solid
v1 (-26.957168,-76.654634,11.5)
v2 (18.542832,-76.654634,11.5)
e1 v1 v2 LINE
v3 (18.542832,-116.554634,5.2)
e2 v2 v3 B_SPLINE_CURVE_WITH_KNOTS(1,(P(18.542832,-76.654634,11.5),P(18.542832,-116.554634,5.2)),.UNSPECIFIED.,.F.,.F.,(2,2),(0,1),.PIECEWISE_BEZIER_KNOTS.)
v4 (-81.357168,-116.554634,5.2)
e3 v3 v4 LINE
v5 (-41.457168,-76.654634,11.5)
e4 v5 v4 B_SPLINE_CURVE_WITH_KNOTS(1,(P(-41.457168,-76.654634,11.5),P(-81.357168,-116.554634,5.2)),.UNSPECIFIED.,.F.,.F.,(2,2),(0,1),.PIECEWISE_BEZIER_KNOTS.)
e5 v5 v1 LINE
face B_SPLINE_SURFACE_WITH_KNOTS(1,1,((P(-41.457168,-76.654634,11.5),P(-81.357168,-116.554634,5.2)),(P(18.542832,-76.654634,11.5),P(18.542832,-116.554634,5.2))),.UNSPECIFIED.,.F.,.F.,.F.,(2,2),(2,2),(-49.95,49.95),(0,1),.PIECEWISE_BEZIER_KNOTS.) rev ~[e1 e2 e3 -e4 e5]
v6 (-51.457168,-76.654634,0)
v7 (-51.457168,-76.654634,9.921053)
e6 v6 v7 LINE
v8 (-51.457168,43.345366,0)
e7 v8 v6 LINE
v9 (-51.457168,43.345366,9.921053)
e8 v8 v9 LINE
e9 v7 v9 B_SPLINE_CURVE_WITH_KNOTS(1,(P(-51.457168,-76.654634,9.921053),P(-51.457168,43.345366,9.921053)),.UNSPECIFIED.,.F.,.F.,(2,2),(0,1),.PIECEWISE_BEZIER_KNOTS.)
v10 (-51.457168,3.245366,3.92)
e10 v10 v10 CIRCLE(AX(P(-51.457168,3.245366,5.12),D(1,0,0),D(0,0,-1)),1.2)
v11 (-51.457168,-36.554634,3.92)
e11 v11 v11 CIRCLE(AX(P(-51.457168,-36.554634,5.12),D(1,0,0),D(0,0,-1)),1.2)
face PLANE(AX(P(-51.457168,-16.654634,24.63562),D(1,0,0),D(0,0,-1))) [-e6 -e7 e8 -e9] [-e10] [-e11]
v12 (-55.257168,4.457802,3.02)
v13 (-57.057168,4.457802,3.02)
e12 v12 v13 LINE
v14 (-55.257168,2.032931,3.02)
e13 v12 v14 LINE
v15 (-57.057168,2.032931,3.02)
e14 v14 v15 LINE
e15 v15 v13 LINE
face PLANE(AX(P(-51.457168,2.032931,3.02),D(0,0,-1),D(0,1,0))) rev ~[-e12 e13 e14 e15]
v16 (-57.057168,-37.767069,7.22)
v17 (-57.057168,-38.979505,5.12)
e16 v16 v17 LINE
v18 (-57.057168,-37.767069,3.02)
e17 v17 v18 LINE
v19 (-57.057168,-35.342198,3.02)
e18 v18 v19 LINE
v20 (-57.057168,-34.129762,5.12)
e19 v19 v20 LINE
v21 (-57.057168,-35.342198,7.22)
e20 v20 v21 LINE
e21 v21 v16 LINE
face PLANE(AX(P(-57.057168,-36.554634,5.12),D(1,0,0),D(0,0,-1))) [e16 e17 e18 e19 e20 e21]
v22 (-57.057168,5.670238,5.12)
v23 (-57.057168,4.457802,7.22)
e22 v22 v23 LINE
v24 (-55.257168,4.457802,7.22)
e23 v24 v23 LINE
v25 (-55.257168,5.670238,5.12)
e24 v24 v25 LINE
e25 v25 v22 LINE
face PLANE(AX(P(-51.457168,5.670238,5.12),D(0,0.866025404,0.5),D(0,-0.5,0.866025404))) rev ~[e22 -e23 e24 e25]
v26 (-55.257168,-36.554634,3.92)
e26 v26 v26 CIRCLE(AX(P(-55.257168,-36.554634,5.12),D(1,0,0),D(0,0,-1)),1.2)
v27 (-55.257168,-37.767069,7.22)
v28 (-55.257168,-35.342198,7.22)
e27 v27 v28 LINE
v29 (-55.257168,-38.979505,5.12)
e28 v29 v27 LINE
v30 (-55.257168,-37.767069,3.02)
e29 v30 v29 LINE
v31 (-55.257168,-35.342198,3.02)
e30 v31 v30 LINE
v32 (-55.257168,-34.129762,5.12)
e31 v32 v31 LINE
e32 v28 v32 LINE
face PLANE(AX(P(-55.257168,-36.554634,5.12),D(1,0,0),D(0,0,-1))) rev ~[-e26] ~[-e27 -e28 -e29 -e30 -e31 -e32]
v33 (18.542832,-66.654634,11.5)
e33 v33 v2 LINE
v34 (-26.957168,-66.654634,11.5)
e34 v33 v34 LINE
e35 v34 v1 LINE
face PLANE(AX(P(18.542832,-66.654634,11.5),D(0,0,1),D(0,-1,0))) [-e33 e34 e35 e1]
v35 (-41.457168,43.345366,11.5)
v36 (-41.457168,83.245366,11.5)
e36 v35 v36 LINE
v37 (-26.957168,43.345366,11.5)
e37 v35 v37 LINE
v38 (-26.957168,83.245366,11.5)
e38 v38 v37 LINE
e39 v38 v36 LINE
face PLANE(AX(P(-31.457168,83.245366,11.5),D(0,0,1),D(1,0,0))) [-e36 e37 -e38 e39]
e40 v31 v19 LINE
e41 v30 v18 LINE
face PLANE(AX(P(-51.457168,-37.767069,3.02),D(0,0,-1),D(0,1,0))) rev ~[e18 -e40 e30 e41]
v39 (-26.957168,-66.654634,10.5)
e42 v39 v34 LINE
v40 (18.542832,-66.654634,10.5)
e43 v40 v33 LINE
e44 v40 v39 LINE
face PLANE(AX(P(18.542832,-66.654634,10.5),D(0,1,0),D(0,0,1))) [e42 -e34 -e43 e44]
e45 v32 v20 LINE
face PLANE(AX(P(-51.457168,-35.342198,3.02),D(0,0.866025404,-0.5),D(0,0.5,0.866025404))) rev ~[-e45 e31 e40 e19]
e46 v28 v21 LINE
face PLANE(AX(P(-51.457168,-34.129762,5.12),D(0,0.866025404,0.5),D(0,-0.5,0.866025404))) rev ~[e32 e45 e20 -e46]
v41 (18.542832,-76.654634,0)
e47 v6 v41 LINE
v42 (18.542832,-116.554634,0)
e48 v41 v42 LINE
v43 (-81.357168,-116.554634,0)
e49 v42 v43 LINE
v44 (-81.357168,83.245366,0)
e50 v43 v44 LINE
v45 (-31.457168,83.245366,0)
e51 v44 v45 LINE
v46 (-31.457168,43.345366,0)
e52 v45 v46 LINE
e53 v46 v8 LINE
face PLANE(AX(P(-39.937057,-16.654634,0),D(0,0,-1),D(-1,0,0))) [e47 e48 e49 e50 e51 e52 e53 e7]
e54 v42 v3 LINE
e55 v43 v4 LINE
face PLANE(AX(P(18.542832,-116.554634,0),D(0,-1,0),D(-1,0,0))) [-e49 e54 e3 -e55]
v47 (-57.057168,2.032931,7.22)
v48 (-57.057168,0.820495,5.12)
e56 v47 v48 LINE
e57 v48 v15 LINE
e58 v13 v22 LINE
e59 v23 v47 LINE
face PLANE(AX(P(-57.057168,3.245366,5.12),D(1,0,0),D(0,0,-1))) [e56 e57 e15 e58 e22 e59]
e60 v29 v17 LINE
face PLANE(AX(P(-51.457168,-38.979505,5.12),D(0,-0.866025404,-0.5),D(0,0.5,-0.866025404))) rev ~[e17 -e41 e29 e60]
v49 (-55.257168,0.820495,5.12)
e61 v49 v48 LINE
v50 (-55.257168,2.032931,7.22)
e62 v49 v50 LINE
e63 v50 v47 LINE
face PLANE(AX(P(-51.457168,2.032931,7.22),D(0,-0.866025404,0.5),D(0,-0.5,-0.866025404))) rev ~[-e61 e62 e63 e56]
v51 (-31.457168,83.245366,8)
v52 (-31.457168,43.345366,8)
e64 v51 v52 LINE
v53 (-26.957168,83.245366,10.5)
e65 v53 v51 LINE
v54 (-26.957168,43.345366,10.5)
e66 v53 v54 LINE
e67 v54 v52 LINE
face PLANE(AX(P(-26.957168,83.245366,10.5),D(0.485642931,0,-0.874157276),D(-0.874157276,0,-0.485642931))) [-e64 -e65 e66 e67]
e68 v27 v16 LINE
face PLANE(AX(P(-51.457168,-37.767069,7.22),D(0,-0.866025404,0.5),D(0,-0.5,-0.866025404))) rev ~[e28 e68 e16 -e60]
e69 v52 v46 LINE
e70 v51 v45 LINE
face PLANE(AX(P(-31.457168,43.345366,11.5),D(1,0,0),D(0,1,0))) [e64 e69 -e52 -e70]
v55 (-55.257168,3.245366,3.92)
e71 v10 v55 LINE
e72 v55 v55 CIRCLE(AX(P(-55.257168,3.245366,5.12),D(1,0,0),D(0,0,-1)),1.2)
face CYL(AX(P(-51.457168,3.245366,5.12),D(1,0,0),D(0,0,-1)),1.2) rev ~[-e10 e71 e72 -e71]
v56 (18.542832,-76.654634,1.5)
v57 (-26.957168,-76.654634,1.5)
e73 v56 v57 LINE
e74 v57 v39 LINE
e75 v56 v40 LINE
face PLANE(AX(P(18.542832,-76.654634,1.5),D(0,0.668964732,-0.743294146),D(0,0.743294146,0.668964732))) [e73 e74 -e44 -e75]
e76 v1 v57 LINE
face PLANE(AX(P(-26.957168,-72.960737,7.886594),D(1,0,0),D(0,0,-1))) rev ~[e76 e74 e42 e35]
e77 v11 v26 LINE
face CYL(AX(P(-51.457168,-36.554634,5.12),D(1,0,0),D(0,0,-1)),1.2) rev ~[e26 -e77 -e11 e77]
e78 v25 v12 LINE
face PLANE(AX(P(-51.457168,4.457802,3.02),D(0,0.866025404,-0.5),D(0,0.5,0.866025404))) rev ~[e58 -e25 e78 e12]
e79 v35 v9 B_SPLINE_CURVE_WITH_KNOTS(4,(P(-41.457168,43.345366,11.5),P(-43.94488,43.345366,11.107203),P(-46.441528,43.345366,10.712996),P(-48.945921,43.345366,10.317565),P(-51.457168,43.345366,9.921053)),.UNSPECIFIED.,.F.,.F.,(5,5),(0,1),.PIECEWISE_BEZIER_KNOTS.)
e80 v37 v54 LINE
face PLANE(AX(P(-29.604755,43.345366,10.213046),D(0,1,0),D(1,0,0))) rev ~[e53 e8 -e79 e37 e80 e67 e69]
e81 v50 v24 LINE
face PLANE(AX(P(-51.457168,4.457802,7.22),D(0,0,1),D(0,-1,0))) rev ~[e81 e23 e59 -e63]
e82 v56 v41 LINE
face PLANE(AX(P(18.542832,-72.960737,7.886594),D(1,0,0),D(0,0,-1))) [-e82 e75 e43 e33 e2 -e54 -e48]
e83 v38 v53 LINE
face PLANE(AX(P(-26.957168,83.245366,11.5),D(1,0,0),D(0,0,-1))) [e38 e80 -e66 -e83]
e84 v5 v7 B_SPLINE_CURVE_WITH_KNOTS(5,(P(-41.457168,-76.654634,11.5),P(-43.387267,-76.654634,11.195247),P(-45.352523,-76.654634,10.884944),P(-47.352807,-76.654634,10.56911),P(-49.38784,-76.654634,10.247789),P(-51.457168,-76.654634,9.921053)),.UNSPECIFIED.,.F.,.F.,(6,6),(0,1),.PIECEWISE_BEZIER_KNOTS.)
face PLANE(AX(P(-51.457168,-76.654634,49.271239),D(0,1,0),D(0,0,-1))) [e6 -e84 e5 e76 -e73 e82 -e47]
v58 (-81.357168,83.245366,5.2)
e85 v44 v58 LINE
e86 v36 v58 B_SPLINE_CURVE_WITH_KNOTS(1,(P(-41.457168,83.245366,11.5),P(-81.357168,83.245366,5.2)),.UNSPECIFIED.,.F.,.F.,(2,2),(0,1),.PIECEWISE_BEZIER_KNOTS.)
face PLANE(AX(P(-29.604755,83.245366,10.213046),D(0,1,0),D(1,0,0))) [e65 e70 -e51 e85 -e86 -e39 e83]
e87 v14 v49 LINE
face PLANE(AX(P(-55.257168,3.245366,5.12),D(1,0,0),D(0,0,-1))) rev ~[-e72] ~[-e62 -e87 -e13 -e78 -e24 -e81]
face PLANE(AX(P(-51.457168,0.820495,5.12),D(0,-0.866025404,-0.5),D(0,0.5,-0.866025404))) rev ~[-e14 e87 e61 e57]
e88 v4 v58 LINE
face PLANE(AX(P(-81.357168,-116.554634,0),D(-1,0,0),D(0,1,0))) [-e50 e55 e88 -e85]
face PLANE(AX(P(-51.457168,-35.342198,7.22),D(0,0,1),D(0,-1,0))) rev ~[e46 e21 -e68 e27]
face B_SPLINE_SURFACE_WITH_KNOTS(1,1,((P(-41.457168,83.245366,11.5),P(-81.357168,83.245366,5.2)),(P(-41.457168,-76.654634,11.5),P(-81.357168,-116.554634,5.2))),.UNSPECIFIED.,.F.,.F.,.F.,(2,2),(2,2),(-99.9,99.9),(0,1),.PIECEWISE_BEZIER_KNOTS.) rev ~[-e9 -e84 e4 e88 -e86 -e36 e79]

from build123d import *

# Parameters (mm, degrees)
DODANIE_WYCI_GNI_CIE1_DEPTH = 5.2
SZKIC3_W                    = 60
SZKIC3_H                    = 159.9
SZKIC5_W                    = 99.9
SZKIC5_H                    = 199.8
SZKIC6_W                    = 49.271239353
SZKIC6_H                    = 120
WYTNIJ_WYCI_GNI_CIE1_DEPTH  = 78
WYTNIJ_WYCI_GNI_CIE2_DEPTH  = 5.6
SZKIC9_R                    = 2.424871131
SZKIC9_R_2                  = 1.2
DODANIE_WYCI_GNI_CIE3_DEPTH = 3.8
SZKIC10_W                   = 50
SZKIC10_H                   = 39.9
WYTNIJ_WYCI_GNI_CIE4_DEPTH  = 24
DODANIE_WYCI_GNI_CIE4_DEPTH = 39.9
DODANIE_WYCI_GNI_CIE5_DEPTH = 45.5


with BuildPart() as part:
    # Szkic2 → Dodanie-wyciągnięcie1 (new body)
    with BuildSketch(Plane.XY):
        Polygon((18.542832418, 83.245366469), (18.542832418, 43.345366469), (-51.457167582, 43.345366469), (-51.457167582, -76.654633531), (18.542832418, -76.654633531), (18.542832418, -116.554633531), (-81.357167582, -116.554633531), (-81.357167582, 83.245366469), align=None)
    extrude(amount=DODANIE_WYCI_GNI_CIE1_DEPTH)

    # Szkic3 → Wyciągnięcie po profilach3 section 0
    with BuildSketch(Plane.XY.offset(11.5)):
        with Locations((-11.457167582, 3.295366469)):
            Rectangle(SZKIC3_W, SZKIC3_H)
    # Szkic5 → Wyciągnięcie po profilach3 section 1
    with BuildSketch(Plane.XY.offset(5.2)):
        with Locations((-31.407167582, -16.654633531)):
            Rectangle(SZKIC5_W, SZKIC5_H)
    loft()

    # Szkic6 → Wytnij-wyciągnięcie1 (cut)
    with BuildSketch(Plane(origin=(-51.457167582, 0, 0), x_dir=(0, 0, -1), z_dir=(1, 0, 0))):
        with Locations((-24.635619677, -16.654633531)):
            Rectangle(SZKIC6_W, SZKIC6_H)
    extrude(amount=WYTNIJ_WYCI_GNI_CIE1_DEPTH, mode=Mode.SUBTRACT)

    # Szkic7 → Wytnij-wyciągnięcie2 (cut)
    with BuildSketch(Plane(origin=(-51.457167582, 0, 0), x_dir=(0, 0, -1), z_dir=(1, 0, 0))):
        Polygon((-5.12, -34.1297624), (-7.22, -35.342197966), (-7.22, -37.767069096), (-5.12, -38.979504662), (-3.02, -37.767069096), (-3.02, -35.342197966), align=None)
        Polygon((-5.12, 5.6702376), (-7.22, 4.457802034), (-7.22, 2.032930904), (-5.12, 0.820495338), (-3.02, 2.032930904), (-3.02, 4.457802034), align=None)
    extrude(amount=-WYTNIJ_WYCI_GNI_CIE2_DEPTH, mode=Mode.SUBTRACT)

    # Szkic9 → Dodanie-wyciągnięcie3 (add)
    with BuildSketch(Plane(origin=(-51.457167582, 0, 0), x_dir=(0, 0, -1), z_dir=(1, 0, 0))):
        with Locations((-5.12, 3.245366469)):
            Circle(SZKIC9_R)
        with Locations((-5.12, 3.245366469)):
            Circle(SZKIC9_R_2, mode=Mode.SUBTRACT)
        with Locations((-5.12, -36.554633531)):
            Circle(SZKIC9_R)
        with Locations((-5.12, -36.554633531)):
            Circle(SZKIC9_R_2, mode=Mode.SUBTRACT)
    extrude(amount=-DODANIE_WYCI_GNI_CIE3_DEPTH)

    # Szkic10 → Wytnij-wyciągnięcie4 (cut)
    with BuildSketch(Plane.XY.offset(11.5)):
        with Locations((-6.457167582, 63.295366469)):
            Rectangle(SZKIC10_W, SZKIC10_H)
    extrude(amount=-WYTNIJ_WYCI_GNI_CIE4_DEPTH, mode=Mode.SUBTRACT)

    # Szkic12 → Dodanie-wyciągnięcie4 (add)
    with BuildSketch(Plane(origin=(0, 83.245366469, 0), x_dir=(1, 0, 0), z_dir=(0, 1, 0))):
        Polygon((-31.457167582, -11.5), (-26.957167582, -11.5), (-26.957167582, -10.5), (-31.457167582, -8), align=None)
    extrude(amount=-DODANIE_WYCI_GNI_CIE4_DEPTH)

    # Szkic13 → Dodanie-wyciągnięcie5 (add)
    with BuildSketch(Plane(origin=(18.542832418, 0, 0), x_dir=(0, 0, -1), z_dir=(1, 0, 0))):
        Polygon((-11.5, -76.654633531), (-1.5, -76.654633531), (-10.5, -66.654633531), (-11.5, -66.654633531), align=None)
    extrude(amount=-DODANIE_WYCI_GNI_CIE5_DEPTH)


solid = part.part
